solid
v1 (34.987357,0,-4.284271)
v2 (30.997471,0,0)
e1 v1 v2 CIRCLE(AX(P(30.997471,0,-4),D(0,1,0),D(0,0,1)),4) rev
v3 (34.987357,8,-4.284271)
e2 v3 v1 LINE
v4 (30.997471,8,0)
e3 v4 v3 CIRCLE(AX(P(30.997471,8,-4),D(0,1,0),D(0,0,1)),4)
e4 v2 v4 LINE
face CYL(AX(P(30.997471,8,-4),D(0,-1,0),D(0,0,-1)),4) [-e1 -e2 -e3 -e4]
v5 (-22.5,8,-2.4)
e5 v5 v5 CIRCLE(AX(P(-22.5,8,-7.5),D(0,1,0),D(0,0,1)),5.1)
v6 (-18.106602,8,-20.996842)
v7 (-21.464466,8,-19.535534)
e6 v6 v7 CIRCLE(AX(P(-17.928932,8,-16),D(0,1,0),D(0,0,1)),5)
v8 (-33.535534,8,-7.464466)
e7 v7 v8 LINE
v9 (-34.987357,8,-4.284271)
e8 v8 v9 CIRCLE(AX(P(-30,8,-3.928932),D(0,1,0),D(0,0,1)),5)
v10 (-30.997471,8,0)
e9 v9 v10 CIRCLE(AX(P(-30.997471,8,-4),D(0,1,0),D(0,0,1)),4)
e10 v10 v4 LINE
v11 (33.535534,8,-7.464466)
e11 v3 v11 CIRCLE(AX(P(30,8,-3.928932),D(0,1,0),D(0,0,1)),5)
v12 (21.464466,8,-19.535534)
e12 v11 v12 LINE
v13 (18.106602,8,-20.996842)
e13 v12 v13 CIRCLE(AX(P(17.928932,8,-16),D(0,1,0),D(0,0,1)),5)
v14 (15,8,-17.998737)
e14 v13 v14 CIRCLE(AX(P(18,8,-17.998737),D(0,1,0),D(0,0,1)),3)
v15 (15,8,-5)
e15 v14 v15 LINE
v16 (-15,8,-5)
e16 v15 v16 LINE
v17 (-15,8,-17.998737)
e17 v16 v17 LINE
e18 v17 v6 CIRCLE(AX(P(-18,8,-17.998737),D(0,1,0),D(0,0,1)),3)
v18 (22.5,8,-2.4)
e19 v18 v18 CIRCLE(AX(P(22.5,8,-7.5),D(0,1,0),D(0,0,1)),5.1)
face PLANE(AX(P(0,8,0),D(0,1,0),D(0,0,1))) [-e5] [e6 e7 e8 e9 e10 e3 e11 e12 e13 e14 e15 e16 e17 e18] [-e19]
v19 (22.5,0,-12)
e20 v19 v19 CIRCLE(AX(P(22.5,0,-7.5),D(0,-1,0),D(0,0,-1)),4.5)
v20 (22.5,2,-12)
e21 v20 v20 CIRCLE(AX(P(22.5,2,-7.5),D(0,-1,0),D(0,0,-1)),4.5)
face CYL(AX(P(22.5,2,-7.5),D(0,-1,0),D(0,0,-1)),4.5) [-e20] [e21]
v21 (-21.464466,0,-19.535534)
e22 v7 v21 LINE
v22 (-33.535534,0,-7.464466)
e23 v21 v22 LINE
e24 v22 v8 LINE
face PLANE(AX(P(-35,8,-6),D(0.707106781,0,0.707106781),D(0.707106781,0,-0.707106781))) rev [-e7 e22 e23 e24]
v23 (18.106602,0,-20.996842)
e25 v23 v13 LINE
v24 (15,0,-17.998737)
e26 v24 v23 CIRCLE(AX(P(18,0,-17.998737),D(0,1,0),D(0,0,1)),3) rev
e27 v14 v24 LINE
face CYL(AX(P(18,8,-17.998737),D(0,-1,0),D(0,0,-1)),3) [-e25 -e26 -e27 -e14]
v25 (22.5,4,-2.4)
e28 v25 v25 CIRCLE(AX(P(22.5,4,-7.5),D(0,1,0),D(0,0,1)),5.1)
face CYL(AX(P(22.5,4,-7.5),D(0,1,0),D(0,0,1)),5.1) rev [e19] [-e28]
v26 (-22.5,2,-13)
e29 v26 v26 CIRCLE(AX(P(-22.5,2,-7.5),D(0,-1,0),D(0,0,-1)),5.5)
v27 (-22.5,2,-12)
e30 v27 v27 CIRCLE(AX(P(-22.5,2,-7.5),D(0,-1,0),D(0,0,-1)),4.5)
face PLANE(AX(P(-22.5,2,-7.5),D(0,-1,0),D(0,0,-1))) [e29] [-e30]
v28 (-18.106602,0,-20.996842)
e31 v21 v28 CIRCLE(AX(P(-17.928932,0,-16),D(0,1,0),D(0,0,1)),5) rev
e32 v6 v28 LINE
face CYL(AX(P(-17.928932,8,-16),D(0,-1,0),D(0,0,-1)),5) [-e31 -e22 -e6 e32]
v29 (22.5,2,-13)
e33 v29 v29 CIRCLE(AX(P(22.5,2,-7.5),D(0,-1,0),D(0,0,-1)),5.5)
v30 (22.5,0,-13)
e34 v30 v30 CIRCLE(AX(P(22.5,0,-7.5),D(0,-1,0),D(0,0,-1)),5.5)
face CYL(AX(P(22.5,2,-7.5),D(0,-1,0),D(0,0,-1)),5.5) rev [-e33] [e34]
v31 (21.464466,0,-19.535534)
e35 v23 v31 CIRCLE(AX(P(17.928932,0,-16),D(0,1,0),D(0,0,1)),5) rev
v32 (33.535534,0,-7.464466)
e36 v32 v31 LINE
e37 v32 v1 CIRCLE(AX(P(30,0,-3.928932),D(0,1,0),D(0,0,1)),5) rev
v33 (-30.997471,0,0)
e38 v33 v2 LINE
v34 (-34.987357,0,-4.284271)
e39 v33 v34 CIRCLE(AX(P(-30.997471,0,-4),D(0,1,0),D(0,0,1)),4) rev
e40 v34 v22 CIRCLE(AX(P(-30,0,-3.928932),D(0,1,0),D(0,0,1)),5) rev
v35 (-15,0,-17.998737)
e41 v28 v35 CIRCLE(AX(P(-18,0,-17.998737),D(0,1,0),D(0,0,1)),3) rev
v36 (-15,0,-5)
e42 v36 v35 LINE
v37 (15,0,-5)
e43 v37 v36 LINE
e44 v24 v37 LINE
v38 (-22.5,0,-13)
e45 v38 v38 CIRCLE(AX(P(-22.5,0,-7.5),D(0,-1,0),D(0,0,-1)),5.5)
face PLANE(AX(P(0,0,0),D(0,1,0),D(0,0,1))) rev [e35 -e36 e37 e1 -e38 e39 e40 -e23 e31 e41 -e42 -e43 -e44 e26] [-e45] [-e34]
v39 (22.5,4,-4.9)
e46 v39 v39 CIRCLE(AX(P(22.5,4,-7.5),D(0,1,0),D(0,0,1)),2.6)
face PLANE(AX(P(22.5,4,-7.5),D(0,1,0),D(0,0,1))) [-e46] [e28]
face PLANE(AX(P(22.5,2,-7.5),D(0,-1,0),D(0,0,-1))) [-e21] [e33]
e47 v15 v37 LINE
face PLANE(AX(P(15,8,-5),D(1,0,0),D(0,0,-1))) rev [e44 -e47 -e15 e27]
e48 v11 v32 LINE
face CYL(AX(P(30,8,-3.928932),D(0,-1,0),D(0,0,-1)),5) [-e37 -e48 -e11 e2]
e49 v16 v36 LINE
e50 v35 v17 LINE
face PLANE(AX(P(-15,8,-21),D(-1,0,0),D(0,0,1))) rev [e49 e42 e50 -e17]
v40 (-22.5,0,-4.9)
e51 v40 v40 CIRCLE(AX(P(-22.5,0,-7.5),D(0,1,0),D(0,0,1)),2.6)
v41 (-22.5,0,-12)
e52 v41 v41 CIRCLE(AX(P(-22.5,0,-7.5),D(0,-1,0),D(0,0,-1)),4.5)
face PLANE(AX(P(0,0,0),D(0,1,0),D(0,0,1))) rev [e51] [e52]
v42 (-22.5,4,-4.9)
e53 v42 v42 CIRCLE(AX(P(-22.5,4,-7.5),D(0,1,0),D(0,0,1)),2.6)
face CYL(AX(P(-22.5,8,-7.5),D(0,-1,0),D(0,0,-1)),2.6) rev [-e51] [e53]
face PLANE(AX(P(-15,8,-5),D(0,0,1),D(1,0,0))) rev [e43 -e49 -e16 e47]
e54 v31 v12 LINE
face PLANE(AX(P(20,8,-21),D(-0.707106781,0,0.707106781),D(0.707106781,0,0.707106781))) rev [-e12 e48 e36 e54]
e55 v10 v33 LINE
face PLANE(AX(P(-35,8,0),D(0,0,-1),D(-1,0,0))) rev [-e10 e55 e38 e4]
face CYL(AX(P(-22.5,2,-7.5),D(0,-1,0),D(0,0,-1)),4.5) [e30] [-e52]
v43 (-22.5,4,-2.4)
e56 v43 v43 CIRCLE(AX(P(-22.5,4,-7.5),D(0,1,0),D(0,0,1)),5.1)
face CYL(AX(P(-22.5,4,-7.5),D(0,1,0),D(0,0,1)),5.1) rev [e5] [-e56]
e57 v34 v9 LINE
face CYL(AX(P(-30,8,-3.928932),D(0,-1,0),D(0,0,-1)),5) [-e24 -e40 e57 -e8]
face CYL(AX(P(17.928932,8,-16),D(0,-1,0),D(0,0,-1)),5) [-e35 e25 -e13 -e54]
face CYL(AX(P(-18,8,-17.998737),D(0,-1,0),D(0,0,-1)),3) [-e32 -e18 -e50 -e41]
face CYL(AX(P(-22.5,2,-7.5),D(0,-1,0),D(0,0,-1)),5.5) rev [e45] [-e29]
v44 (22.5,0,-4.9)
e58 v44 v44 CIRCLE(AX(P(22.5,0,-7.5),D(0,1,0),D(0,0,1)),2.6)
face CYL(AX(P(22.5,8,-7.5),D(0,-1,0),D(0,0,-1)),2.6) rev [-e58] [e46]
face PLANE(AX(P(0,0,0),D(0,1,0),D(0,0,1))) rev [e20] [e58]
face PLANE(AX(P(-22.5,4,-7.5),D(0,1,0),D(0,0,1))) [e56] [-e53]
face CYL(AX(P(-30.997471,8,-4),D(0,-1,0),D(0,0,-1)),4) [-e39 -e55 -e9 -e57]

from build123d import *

# Parameters (mm, degrees)
ESQUISSE1_R             = 2.6
BOSS_EXTRU_1_DEPTH      = 8
ESQUISSE3_R             = 5.1
ENL_V_MAT_EXTRU_2_DEPTH = 4
ESQUISSE4_R             = 5.5
ESQUISSE4_R_2           = 4.5
ENL_V_MAT_EXTRU_3_DEPTH = 2
CONG_1_R                = 5
CONG_2_R                = 3
CONG_3_R                = 4


with BuildPart() as part:
    # Esquisse1 → Boss.-Extru.1 (new body)
    with BuildSketch(Plane(origin=(0, 0, 0), x_dir=(1, 0, 0), z_dir=(0, 1, 0))):
        Polygon((-35, 0), (35, 0), (35, 6), (20, 21), (15, 21), (15, 5), (-15, 5), (-15, 21), (-20, 21), (-35, 6), align=None)
        with Locations((22.5, 7.5)):
            Circle(ESQUISSE1_R, mode=Mode.SUBTRACT)
        with Locations((-22.5, 7.5)):
            Circle(ESQUISSE1_R, mode=Mode.SUBTRACT)
    extrude(amount=BOSS_EXTRU_1_DEPTH)

    # Esquisse3 → Enlèv. mat.-Extru.2 (cut)
    with BuildSketch(Plane(origin=(0, 8, 0), x_dir=(1, 0, 0), z_dir=(0, 1, 0))):
        with Locations((-22.5, 7.5)):
            Circle(ESQUISSE3_R)
        with Locations((22.5, 7.5)):
            Circle(ESQUISSE3_R)
    extrude(amount=-ENL_V_MAT_EXTRU_2_DEPTH, mode=Mode.SUBTRACT)

    # Esquisse4 → Enlèv. mat.-Extru.3 (cut)
    with BuildSketch(Plane.XZ):
        with Locations((-22.5, -7.5)):
            Circle(ESQUISSE4_R)
        with Locations((-22.5, -7.5)):
            Circle(ESQUISSE4_R_2, mode=Mode.SUBTRACT)
        with Locations((22.5, -7.5)):
            Circle(ESQUISSE4_R)
        with Locations((22.5, -7.5)):
            Circle(ESQUISSE4_R_2, mode=Mode.SUBTRACT)
    extrude(amount=-ENL_V_MAT_EXTRU_3_DEPTH, mode=Mode.SUBTRACT)

    # Congé1
    cong_1_edges = [part.edges().sort_by_distance(p)[0] for p in [
        (-35, 4, -6),
        (-20, 4, -21),
        (20, 4, -21),
        (35, 4, -6),
    ]]
    fillet(cong_1_edges, radius=CONG_1_R)

    # Congé2
    cong_2_edges = [part.edges().sort_by_distance(p)[0] for p in [
        (-15, 4, -21),
        (15, 4, -21),
    ]]
    fillet(cong_2_edges, radius=CONG_2_R)

    # Congé3
    cong_3_edges = [part.edges().sort_by_distance(p)[0] for p in [
        (-35, 4, 0),
        (35, 4, 0),
    ]]
    fillet(cong_3_edges, radius=CONG_3_R)


solid = part.part
